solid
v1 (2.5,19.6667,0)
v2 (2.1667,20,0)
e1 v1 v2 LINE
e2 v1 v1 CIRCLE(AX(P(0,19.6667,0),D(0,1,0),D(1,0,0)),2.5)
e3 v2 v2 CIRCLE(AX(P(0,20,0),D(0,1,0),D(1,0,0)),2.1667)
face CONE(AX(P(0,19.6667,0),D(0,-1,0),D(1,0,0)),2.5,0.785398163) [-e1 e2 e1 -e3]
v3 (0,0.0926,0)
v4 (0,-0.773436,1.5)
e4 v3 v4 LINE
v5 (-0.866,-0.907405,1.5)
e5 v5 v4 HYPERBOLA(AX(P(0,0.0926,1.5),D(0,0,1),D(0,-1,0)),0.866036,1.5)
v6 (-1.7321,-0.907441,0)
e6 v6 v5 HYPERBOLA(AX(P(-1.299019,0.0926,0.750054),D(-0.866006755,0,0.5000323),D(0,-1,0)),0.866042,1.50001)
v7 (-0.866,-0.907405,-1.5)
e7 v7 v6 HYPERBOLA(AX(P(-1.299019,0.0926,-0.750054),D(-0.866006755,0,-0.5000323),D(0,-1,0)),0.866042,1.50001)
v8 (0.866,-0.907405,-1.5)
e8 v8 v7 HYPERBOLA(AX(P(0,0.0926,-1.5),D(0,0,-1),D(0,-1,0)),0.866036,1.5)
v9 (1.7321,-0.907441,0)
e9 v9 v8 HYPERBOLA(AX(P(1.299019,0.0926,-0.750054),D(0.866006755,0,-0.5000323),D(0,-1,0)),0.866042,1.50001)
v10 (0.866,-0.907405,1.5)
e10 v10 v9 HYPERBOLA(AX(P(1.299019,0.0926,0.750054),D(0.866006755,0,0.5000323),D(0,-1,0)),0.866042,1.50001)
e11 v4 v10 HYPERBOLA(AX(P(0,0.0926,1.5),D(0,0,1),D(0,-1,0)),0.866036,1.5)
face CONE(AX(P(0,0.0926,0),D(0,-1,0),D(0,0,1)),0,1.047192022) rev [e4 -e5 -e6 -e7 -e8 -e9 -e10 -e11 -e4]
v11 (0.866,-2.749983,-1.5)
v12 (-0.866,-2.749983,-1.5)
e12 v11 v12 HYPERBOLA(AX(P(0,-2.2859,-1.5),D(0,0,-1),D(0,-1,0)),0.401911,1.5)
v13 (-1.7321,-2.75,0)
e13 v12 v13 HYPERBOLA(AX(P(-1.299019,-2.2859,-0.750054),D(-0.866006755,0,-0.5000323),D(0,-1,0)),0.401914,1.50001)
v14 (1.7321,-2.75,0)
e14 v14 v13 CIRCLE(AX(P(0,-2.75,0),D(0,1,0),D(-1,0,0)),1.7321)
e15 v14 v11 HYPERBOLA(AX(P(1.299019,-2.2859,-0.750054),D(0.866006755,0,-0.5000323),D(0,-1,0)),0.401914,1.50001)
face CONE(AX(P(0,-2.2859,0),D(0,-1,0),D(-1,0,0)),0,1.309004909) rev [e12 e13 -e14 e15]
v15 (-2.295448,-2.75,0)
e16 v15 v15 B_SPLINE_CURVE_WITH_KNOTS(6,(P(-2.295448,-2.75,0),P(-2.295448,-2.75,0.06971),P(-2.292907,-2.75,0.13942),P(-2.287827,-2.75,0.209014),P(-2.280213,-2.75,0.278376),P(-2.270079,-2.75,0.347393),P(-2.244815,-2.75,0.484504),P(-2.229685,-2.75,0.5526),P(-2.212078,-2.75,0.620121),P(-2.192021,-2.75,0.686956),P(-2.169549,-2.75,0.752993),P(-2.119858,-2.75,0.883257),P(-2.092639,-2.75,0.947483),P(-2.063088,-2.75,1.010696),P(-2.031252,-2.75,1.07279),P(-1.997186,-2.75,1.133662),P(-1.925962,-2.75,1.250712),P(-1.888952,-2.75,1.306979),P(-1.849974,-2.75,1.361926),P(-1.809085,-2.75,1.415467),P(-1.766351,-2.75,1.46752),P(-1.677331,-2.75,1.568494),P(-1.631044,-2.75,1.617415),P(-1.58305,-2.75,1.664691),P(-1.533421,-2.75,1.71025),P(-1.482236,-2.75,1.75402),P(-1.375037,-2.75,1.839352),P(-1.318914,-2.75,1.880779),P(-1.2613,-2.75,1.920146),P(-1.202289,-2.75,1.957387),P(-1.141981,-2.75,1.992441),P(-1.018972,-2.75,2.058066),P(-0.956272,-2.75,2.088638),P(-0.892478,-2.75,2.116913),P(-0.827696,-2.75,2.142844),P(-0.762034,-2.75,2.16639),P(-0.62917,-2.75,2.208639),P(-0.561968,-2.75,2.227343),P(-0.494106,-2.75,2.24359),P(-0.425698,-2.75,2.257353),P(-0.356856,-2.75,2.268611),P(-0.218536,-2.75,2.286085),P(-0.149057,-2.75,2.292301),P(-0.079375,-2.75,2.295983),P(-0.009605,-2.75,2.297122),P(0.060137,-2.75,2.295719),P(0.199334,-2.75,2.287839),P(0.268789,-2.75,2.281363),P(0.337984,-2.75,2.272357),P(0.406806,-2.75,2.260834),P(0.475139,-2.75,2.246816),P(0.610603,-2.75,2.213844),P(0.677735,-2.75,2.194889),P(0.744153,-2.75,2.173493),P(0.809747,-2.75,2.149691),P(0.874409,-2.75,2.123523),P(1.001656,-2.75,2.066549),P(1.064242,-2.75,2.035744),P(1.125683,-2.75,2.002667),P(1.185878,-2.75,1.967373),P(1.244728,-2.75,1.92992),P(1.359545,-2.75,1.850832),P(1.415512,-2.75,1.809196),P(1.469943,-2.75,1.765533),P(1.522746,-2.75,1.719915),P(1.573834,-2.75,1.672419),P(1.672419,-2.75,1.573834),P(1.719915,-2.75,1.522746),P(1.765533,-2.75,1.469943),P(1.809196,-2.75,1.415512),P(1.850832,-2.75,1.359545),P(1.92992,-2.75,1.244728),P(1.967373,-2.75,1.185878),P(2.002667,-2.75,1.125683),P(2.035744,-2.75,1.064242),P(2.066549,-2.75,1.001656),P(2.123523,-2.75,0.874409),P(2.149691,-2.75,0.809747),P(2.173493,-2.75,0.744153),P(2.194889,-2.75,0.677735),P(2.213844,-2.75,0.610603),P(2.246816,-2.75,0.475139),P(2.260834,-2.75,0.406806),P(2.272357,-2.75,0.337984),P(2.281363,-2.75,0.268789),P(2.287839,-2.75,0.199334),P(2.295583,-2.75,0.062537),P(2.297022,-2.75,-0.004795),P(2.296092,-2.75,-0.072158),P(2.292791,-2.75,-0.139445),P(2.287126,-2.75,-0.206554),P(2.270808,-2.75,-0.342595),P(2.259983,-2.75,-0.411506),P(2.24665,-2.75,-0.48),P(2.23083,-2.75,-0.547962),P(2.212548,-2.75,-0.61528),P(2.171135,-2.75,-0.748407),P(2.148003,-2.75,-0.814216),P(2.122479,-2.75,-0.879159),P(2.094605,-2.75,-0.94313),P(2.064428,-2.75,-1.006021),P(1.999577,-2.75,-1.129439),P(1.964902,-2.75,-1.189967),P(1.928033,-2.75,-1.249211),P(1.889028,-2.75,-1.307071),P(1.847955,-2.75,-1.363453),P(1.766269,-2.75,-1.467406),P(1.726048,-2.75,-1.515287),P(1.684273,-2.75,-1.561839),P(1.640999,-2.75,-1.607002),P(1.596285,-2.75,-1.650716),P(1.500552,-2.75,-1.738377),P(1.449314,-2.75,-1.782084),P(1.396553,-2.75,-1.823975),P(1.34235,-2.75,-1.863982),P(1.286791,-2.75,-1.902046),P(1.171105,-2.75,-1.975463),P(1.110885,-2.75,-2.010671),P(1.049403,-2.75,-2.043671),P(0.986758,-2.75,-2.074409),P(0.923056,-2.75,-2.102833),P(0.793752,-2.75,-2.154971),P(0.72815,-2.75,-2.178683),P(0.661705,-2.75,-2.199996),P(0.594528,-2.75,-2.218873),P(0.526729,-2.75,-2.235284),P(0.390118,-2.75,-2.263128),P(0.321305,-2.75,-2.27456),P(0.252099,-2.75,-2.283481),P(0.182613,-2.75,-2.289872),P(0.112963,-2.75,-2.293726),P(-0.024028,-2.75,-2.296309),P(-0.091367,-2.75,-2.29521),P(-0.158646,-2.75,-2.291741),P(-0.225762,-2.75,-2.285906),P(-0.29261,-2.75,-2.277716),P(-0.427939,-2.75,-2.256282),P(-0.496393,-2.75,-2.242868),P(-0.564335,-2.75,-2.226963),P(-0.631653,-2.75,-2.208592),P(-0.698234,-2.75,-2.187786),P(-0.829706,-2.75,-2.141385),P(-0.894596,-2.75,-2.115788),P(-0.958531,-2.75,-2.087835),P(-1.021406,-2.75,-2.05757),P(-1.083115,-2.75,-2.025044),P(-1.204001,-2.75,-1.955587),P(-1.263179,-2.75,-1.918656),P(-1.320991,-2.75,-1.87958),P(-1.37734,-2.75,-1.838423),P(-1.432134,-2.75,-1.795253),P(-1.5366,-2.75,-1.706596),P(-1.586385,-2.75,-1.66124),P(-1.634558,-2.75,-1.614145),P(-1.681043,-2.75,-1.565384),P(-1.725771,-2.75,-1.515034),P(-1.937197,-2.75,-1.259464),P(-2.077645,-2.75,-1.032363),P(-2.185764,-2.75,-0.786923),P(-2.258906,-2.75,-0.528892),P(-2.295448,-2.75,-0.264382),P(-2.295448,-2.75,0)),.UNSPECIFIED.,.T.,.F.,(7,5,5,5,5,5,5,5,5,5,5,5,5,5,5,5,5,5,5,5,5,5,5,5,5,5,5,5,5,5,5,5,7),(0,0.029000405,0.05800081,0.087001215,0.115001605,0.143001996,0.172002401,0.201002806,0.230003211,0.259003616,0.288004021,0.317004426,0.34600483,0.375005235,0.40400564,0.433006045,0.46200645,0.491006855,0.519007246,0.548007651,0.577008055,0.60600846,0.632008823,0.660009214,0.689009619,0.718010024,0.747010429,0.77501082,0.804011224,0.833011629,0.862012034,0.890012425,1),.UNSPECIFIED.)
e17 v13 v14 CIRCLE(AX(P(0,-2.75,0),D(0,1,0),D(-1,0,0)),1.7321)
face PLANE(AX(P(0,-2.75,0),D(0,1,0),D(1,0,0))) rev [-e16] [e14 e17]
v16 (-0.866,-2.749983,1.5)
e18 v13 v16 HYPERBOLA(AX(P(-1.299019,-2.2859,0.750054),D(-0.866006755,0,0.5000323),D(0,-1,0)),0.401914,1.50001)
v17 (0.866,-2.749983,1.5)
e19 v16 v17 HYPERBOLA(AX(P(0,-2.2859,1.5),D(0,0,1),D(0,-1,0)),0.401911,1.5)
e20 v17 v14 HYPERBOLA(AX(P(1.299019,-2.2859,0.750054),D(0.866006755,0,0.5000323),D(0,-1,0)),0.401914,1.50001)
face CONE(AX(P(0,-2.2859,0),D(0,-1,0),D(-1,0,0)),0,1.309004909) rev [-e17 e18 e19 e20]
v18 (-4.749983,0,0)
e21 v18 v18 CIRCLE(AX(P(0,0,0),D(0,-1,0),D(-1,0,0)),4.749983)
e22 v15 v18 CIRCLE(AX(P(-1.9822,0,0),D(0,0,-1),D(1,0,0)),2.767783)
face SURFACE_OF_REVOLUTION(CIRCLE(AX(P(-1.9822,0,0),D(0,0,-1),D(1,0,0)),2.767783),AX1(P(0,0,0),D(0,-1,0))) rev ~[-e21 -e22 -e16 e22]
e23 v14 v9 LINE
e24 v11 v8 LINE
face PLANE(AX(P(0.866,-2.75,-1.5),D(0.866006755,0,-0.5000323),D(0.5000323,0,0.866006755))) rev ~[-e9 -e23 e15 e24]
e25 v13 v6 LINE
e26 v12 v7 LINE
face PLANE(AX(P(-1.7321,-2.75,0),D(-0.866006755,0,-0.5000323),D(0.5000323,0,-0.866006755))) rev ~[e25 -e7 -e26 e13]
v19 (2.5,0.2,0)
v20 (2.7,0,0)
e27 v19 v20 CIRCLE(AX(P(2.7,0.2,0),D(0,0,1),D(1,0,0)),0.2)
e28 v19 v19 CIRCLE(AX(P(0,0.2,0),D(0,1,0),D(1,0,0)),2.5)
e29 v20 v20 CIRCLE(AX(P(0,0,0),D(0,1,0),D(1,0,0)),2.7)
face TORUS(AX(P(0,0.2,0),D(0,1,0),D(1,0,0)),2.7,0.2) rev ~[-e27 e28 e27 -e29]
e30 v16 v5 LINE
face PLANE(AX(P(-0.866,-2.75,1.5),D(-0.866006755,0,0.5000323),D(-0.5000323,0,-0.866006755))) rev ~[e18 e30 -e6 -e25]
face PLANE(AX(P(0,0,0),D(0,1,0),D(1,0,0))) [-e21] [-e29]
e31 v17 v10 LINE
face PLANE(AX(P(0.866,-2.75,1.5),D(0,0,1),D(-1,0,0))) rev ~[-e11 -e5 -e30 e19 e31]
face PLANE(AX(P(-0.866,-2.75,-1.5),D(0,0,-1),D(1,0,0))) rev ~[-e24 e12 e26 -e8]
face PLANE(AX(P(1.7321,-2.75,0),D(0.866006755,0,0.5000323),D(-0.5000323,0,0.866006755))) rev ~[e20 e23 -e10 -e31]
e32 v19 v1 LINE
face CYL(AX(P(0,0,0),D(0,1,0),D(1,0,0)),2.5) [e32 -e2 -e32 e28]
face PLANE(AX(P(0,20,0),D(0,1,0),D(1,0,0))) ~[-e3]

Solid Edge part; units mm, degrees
sketch "Sketch1" plane through (0, 0, 0) normal (0, 0, 1) x (1, 0, 0)
  line L0 (2.5, 0) -> (2.5, 20)
  line L1 (0, 20) -> (2.5, 20)
  line L2 (0, 0) -> (0, 20)
  line L3 (0, 0) -> (0, -2.75)
  line L4 (0, -2.75) -> (4.75, -2.75)
  line L5 (4.75, -2.75) -> (4.75, 0)
  line L6 (4.75, 0) -> (2.5, 0)
revolve "RevolvedProtrusion1" add sketch "Sketch1" angle 360 about axis through (0, 0, 0) along (0, 1, 0)
sketch "Sketch2" plane through (0, 0, 0) normal (1, 0, 0) x (0, 1, 0)
  line L0 (-2.75, 2.2215) -> (-1.19, 2.2215)
  line L1 (0.0926, 0) -> (-1.19, 2.2215)
  line L2 (-2.75, 0) -> (0.0926, 0)
  line L3 (-2.75, 0) -> (-2.75, 2.2215)
revolve "RevolvedCutout1" cut sketch "Sketch2" angle 360 about axis through (0, -4.5, 0) along (0, 1, 0)
sketch "Sketch3" plane through (0, -2.75, 0) normal (0, -1, 0) x (0, 0, 1)
  circle A0 centre (0, 0) radius 2.2215
  line L0 (-1.5, -0.866) -> (0, -1.7321)
  line L1 (0, -1.7321) -> (1.5, -0.866)
  line L2 (1.5, -0.866) -> (1.5, 0.866)
  line L3 (1.5, 0.866) -> (0, 1.7321)
  line L4 (0, 1.7321) -> (-1.5, 0.866)
  line L5 (-1.5, 0.866) -> (-1.5, -0.866)
  dimension "D1" = 3
extrude "Protrusion1" add sketch "Sketch3" against normal up to next
sketch "Sketch4" plane through (0, 0, 0) normal (0, 0, 1) x (1, 0, 0)
  line L0 (-1.7321, -2.75) -> (0, -2.75)
  line L1 (0, -2.75) -> (0, -2.2859)
  line L2 (0, -2.2859) -> (-1.7321, -2.75)
revolve "RevolvedCutout2" cut sketch "Sketch4" angle 360 about axis through (0, -4.5, 0) along (0, 1, 0)
fillet "Round1" radius 0.2 1 edges at (0, 0, -2.5)
chamfer "倒斜角_2" distance 0.3333 angle 45 1 edges at (0, 20, -2.5)
cosmetic_thread "螺纹_3" size "M5" thread depth 18.4
sketch "Sketch5" plane through (0, 0, 0) normal (0, 0, 1) x (1, 0, 0)
  arc A0 (-2.2953, -2.75) -> (-4.75, 0) centre (-1.9822, 0) cw
revolve "RevolvedCutout3" cut sketch "Sketch5" angle 360 about axis through (0, 0, 0) along (0, -1, 0) material side at (-4.0844, -1.8764, 0)
properties part number "N2611-1122" material "铝 1060"
